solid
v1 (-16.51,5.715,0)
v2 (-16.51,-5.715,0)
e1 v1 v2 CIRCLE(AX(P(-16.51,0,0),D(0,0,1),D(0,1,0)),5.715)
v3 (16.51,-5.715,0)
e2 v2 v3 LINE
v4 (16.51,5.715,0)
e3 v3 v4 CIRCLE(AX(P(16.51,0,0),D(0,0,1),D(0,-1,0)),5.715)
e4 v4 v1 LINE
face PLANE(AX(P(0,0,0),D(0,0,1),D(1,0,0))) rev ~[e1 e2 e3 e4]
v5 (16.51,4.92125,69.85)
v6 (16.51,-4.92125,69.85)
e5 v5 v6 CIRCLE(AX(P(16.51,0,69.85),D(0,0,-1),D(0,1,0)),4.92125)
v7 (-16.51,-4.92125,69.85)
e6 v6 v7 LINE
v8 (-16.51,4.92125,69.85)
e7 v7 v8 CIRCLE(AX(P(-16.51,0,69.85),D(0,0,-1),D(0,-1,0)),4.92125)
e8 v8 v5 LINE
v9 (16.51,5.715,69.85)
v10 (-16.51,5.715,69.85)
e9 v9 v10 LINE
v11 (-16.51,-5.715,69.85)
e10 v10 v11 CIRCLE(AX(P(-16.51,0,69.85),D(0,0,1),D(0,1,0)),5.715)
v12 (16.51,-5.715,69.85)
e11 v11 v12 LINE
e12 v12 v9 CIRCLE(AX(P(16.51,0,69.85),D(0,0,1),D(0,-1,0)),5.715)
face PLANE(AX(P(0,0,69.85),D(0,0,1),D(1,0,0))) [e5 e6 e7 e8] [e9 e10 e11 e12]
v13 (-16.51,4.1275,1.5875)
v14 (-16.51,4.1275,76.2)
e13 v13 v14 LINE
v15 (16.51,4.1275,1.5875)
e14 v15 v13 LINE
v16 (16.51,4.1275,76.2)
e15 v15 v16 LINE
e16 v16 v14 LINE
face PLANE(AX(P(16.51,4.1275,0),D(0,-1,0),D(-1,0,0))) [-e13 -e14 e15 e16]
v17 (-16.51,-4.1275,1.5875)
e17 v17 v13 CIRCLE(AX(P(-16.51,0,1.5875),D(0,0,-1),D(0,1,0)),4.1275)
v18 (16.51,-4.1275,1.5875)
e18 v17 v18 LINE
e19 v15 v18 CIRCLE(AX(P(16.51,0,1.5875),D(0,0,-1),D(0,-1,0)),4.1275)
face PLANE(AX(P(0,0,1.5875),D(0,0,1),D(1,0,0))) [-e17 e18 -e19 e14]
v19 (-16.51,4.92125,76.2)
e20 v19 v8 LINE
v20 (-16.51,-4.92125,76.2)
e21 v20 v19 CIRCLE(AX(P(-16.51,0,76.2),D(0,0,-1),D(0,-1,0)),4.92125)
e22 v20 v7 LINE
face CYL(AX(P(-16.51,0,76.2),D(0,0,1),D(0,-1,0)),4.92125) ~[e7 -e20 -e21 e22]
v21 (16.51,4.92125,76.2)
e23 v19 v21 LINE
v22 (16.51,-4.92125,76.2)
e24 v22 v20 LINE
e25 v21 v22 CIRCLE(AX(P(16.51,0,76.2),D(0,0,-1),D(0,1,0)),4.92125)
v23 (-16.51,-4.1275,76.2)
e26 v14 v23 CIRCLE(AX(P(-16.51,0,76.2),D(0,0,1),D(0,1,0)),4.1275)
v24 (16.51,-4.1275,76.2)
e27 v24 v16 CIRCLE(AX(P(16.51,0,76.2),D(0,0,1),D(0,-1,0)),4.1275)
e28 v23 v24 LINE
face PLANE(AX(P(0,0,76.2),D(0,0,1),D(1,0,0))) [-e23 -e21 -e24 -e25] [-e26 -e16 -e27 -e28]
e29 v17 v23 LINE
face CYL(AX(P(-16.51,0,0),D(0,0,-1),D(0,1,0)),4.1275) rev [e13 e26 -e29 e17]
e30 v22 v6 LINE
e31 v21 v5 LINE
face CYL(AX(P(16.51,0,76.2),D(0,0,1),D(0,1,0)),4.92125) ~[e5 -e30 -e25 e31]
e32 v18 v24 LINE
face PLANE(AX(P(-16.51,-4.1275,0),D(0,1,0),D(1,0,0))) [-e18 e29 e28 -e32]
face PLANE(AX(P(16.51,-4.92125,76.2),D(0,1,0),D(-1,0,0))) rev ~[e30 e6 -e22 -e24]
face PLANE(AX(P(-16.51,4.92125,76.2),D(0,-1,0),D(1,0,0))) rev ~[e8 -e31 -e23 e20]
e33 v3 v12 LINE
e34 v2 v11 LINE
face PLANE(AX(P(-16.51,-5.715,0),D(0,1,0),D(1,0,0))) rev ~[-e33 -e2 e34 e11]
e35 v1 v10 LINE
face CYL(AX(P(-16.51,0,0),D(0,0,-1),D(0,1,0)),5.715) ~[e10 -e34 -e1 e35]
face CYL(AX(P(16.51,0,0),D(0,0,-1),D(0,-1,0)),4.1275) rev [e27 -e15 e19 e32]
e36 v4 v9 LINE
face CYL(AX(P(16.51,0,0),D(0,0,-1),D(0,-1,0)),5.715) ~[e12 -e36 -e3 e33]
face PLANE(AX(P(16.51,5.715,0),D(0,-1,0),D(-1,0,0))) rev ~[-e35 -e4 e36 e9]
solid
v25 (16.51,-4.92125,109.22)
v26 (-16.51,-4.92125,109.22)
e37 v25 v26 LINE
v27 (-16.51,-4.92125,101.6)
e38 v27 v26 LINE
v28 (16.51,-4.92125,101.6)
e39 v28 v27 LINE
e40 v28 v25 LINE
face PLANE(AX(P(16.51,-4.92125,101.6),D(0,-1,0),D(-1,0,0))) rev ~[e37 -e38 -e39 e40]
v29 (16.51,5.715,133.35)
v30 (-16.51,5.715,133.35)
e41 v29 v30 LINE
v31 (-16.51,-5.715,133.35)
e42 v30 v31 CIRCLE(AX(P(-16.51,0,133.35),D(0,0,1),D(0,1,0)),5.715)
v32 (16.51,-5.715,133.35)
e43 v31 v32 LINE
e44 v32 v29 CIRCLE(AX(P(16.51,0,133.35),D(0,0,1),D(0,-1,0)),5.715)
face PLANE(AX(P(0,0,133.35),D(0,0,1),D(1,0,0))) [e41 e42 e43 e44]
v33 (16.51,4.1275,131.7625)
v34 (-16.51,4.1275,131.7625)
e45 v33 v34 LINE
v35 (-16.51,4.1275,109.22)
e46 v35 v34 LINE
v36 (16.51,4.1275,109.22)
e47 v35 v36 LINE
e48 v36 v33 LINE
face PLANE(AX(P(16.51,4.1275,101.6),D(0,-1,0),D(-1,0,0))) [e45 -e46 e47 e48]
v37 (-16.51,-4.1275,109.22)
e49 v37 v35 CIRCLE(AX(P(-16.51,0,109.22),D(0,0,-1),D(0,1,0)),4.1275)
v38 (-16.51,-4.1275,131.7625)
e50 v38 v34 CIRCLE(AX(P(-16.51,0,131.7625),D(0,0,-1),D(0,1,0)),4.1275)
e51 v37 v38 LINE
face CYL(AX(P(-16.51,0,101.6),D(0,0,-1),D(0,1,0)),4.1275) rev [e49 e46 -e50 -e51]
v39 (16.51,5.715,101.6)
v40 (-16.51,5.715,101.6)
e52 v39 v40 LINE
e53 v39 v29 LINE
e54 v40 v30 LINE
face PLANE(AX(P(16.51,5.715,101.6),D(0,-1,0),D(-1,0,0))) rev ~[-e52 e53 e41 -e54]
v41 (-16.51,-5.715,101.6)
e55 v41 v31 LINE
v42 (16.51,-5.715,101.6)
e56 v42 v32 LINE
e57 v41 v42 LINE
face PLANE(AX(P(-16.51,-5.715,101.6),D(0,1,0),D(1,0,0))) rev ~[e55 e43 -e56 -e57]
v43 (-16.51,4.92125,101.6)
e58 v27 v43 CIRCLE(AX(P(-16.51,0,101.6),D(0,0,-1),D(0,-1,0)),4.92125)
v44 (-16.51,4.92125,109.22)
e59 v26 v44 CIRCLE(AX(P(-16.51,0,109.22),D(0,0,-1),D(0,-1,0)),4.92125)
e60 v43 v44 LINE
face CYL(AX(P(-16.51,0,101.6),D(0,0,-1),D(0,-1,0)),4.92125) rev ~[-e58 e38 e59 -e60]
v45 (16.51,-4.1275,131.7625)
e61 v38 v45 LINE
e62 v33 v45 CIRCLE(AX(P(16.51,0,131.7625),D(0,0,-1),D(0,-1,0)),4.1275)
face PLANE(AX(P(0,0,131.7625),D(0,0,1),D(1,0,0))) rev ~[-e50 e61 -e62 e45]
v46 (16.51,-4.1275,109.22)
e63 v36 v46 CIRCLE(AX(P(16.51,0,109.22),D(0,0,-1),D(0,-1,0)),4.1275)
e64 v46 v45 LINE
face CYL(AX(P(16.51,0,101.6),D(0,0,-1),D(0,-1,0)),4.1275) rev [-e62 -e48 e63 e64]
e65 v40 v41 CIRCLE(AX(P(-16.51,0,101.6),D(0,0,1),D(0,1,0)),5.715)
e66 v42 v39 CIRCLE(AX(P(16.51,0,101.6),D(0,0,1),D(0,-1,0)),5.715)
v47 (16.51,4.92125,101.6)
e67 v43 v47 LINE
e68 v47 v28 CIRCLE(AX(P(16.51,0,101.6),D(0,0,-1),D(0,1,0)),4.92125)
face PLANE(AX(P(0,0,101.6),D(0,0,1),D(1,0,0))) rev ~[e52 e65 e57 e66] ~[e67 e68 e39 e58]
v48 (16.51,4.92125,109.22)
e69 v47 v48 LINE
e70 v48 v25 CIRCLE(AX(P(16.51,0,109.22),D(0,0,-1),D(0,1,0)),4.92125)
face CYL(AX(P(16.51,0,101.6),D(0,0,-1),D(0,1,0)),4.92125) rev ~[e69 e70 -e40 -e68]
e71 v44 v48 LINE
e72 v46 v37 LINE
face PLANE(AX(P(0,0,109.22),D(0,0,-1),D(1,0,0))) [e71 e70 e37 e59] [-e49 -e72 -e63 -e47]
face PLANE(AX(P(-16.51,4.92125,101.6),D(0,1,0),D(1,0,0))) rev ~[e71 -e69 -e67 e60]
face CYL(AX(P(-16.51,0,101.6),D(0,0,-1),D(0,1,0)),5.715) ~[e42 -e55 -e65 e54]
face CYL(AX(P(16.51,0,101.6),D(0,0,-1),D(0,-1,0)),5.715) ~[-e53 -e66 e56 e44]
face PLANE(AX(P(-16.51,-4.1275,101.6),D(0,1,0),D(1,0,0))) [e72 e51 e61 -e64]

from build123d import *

# Parameters (mm, degrees)
F2_DEPTH  = 76.2
F3_T      = -1.5875
F5_DEPTH  = 6.35
F8_DEPTH  = 31.75
F9_T      = -1.5875
F11_DEPTH = 7.62


with BuildPart() as f2:
    # F0 (on Top) → F2 (new body)
    with BuildSketch(Plane.XY):
        with BuildLine():
            Line((16.51, 5.715), (-16.51, 5.715))
            ThreePointArc((-16.51, 5.715), (-22.225, 0), (-16.51, -5.715))
            Line((-16.51, -5.715), (16.51, -5.715))
            ThreePointArc((16.51, -5.715), (22.225, 0), (16.51, 5.715))
        make_face()
    extrude(amount=F2_DEPTH)

    # F3
    f3_openings = [f2.faces().sort_by_distance(p)[0] for p in [
        (0, 0, 76.2),
    ]]
    offset(amount=F3_T, openings=f3_openings)

    # F4 (on face) → F5 (cut)
    with BuildSketch(Plane.XY.offset(76.2)):
        with BuildLine():
            Line((16.51, 5.715), (-16.51, 5.715))
            ThreePointArc((-16.51, 5.715), (-22.225, 0), (-16.51, -5.715))
            Line((-16.51, -5.715), (16.51, -5.715))
            ThreePointArc((16.51, -5.715), (22.225, 0), (16.51, 5.715))
        make_face()
        with BuildLine():
            ThreePointArc((-16.51, -4.92125), (-21.43125, 0), (-16.51, 4.92125))
            Line((-16.51, 4.92125), (16.51, 4.92125))
            ThreePointArc((16.51, 4.92125), (21.43125, 0), (16.51, -4.92125))
            Line((16.51, -4.92125), (-16.51, -4.92125))
        make_face(mode=Mode.SUBTRACT)
    extrude(amount=-F5_DEPTH, mode=Mode.SUBTRACT)


with BuildPart() as f8:
    # F7 (on offset) → F8 (new body)
    with BuildSketch(Plane.XY.offset(101.6)):
        with BuildLine():
            Line((16.51, 5.715), (-16.51, 5.715))
            ThreePointArc((-16.51, 5.715), (-22.225, 0), (-16.51, -5.715))
            Line((-16.51, -5.715), (16.51, -5.715))
            ThreePointArc((16.51, -5.715), (22.225, 0), (16.51, 5.715))
        make_face()
    extrude(amount=F8_DEPTH)

    # F9
    f9_openings = [f8.faces().sort_by_distance(p)[0] for p in [
        (0, 0, 101.6),
    ]]
    offset(amount=F9_T, openings=f9_openings)

    # F10 (on face) → F11 (cut)
    with BuildSketch(Plane(origin=(0, 0, 101.6), x_dir=(1, 0, 0), z_dir=(0, 0, -1))):
        with BuildLine():
            Line((16.51, 4.92125), (-16.51, 4.92125))
            ThreePointArc((-16.51, 4.92125), (-21.43125, 0), (-16.51, -4.92125))
            Line((-16.51, -4.92125), (16.51, -4.92125))
            ThreePointArc((16.51, -4.92125), (21.43125, 0), (16.51, 4.92125))
        make_face()
    extrude(amount=-F11_DEPTH, mode=Mode.SUBTRACT)


solid = Compound([f2.part, f8.part])
